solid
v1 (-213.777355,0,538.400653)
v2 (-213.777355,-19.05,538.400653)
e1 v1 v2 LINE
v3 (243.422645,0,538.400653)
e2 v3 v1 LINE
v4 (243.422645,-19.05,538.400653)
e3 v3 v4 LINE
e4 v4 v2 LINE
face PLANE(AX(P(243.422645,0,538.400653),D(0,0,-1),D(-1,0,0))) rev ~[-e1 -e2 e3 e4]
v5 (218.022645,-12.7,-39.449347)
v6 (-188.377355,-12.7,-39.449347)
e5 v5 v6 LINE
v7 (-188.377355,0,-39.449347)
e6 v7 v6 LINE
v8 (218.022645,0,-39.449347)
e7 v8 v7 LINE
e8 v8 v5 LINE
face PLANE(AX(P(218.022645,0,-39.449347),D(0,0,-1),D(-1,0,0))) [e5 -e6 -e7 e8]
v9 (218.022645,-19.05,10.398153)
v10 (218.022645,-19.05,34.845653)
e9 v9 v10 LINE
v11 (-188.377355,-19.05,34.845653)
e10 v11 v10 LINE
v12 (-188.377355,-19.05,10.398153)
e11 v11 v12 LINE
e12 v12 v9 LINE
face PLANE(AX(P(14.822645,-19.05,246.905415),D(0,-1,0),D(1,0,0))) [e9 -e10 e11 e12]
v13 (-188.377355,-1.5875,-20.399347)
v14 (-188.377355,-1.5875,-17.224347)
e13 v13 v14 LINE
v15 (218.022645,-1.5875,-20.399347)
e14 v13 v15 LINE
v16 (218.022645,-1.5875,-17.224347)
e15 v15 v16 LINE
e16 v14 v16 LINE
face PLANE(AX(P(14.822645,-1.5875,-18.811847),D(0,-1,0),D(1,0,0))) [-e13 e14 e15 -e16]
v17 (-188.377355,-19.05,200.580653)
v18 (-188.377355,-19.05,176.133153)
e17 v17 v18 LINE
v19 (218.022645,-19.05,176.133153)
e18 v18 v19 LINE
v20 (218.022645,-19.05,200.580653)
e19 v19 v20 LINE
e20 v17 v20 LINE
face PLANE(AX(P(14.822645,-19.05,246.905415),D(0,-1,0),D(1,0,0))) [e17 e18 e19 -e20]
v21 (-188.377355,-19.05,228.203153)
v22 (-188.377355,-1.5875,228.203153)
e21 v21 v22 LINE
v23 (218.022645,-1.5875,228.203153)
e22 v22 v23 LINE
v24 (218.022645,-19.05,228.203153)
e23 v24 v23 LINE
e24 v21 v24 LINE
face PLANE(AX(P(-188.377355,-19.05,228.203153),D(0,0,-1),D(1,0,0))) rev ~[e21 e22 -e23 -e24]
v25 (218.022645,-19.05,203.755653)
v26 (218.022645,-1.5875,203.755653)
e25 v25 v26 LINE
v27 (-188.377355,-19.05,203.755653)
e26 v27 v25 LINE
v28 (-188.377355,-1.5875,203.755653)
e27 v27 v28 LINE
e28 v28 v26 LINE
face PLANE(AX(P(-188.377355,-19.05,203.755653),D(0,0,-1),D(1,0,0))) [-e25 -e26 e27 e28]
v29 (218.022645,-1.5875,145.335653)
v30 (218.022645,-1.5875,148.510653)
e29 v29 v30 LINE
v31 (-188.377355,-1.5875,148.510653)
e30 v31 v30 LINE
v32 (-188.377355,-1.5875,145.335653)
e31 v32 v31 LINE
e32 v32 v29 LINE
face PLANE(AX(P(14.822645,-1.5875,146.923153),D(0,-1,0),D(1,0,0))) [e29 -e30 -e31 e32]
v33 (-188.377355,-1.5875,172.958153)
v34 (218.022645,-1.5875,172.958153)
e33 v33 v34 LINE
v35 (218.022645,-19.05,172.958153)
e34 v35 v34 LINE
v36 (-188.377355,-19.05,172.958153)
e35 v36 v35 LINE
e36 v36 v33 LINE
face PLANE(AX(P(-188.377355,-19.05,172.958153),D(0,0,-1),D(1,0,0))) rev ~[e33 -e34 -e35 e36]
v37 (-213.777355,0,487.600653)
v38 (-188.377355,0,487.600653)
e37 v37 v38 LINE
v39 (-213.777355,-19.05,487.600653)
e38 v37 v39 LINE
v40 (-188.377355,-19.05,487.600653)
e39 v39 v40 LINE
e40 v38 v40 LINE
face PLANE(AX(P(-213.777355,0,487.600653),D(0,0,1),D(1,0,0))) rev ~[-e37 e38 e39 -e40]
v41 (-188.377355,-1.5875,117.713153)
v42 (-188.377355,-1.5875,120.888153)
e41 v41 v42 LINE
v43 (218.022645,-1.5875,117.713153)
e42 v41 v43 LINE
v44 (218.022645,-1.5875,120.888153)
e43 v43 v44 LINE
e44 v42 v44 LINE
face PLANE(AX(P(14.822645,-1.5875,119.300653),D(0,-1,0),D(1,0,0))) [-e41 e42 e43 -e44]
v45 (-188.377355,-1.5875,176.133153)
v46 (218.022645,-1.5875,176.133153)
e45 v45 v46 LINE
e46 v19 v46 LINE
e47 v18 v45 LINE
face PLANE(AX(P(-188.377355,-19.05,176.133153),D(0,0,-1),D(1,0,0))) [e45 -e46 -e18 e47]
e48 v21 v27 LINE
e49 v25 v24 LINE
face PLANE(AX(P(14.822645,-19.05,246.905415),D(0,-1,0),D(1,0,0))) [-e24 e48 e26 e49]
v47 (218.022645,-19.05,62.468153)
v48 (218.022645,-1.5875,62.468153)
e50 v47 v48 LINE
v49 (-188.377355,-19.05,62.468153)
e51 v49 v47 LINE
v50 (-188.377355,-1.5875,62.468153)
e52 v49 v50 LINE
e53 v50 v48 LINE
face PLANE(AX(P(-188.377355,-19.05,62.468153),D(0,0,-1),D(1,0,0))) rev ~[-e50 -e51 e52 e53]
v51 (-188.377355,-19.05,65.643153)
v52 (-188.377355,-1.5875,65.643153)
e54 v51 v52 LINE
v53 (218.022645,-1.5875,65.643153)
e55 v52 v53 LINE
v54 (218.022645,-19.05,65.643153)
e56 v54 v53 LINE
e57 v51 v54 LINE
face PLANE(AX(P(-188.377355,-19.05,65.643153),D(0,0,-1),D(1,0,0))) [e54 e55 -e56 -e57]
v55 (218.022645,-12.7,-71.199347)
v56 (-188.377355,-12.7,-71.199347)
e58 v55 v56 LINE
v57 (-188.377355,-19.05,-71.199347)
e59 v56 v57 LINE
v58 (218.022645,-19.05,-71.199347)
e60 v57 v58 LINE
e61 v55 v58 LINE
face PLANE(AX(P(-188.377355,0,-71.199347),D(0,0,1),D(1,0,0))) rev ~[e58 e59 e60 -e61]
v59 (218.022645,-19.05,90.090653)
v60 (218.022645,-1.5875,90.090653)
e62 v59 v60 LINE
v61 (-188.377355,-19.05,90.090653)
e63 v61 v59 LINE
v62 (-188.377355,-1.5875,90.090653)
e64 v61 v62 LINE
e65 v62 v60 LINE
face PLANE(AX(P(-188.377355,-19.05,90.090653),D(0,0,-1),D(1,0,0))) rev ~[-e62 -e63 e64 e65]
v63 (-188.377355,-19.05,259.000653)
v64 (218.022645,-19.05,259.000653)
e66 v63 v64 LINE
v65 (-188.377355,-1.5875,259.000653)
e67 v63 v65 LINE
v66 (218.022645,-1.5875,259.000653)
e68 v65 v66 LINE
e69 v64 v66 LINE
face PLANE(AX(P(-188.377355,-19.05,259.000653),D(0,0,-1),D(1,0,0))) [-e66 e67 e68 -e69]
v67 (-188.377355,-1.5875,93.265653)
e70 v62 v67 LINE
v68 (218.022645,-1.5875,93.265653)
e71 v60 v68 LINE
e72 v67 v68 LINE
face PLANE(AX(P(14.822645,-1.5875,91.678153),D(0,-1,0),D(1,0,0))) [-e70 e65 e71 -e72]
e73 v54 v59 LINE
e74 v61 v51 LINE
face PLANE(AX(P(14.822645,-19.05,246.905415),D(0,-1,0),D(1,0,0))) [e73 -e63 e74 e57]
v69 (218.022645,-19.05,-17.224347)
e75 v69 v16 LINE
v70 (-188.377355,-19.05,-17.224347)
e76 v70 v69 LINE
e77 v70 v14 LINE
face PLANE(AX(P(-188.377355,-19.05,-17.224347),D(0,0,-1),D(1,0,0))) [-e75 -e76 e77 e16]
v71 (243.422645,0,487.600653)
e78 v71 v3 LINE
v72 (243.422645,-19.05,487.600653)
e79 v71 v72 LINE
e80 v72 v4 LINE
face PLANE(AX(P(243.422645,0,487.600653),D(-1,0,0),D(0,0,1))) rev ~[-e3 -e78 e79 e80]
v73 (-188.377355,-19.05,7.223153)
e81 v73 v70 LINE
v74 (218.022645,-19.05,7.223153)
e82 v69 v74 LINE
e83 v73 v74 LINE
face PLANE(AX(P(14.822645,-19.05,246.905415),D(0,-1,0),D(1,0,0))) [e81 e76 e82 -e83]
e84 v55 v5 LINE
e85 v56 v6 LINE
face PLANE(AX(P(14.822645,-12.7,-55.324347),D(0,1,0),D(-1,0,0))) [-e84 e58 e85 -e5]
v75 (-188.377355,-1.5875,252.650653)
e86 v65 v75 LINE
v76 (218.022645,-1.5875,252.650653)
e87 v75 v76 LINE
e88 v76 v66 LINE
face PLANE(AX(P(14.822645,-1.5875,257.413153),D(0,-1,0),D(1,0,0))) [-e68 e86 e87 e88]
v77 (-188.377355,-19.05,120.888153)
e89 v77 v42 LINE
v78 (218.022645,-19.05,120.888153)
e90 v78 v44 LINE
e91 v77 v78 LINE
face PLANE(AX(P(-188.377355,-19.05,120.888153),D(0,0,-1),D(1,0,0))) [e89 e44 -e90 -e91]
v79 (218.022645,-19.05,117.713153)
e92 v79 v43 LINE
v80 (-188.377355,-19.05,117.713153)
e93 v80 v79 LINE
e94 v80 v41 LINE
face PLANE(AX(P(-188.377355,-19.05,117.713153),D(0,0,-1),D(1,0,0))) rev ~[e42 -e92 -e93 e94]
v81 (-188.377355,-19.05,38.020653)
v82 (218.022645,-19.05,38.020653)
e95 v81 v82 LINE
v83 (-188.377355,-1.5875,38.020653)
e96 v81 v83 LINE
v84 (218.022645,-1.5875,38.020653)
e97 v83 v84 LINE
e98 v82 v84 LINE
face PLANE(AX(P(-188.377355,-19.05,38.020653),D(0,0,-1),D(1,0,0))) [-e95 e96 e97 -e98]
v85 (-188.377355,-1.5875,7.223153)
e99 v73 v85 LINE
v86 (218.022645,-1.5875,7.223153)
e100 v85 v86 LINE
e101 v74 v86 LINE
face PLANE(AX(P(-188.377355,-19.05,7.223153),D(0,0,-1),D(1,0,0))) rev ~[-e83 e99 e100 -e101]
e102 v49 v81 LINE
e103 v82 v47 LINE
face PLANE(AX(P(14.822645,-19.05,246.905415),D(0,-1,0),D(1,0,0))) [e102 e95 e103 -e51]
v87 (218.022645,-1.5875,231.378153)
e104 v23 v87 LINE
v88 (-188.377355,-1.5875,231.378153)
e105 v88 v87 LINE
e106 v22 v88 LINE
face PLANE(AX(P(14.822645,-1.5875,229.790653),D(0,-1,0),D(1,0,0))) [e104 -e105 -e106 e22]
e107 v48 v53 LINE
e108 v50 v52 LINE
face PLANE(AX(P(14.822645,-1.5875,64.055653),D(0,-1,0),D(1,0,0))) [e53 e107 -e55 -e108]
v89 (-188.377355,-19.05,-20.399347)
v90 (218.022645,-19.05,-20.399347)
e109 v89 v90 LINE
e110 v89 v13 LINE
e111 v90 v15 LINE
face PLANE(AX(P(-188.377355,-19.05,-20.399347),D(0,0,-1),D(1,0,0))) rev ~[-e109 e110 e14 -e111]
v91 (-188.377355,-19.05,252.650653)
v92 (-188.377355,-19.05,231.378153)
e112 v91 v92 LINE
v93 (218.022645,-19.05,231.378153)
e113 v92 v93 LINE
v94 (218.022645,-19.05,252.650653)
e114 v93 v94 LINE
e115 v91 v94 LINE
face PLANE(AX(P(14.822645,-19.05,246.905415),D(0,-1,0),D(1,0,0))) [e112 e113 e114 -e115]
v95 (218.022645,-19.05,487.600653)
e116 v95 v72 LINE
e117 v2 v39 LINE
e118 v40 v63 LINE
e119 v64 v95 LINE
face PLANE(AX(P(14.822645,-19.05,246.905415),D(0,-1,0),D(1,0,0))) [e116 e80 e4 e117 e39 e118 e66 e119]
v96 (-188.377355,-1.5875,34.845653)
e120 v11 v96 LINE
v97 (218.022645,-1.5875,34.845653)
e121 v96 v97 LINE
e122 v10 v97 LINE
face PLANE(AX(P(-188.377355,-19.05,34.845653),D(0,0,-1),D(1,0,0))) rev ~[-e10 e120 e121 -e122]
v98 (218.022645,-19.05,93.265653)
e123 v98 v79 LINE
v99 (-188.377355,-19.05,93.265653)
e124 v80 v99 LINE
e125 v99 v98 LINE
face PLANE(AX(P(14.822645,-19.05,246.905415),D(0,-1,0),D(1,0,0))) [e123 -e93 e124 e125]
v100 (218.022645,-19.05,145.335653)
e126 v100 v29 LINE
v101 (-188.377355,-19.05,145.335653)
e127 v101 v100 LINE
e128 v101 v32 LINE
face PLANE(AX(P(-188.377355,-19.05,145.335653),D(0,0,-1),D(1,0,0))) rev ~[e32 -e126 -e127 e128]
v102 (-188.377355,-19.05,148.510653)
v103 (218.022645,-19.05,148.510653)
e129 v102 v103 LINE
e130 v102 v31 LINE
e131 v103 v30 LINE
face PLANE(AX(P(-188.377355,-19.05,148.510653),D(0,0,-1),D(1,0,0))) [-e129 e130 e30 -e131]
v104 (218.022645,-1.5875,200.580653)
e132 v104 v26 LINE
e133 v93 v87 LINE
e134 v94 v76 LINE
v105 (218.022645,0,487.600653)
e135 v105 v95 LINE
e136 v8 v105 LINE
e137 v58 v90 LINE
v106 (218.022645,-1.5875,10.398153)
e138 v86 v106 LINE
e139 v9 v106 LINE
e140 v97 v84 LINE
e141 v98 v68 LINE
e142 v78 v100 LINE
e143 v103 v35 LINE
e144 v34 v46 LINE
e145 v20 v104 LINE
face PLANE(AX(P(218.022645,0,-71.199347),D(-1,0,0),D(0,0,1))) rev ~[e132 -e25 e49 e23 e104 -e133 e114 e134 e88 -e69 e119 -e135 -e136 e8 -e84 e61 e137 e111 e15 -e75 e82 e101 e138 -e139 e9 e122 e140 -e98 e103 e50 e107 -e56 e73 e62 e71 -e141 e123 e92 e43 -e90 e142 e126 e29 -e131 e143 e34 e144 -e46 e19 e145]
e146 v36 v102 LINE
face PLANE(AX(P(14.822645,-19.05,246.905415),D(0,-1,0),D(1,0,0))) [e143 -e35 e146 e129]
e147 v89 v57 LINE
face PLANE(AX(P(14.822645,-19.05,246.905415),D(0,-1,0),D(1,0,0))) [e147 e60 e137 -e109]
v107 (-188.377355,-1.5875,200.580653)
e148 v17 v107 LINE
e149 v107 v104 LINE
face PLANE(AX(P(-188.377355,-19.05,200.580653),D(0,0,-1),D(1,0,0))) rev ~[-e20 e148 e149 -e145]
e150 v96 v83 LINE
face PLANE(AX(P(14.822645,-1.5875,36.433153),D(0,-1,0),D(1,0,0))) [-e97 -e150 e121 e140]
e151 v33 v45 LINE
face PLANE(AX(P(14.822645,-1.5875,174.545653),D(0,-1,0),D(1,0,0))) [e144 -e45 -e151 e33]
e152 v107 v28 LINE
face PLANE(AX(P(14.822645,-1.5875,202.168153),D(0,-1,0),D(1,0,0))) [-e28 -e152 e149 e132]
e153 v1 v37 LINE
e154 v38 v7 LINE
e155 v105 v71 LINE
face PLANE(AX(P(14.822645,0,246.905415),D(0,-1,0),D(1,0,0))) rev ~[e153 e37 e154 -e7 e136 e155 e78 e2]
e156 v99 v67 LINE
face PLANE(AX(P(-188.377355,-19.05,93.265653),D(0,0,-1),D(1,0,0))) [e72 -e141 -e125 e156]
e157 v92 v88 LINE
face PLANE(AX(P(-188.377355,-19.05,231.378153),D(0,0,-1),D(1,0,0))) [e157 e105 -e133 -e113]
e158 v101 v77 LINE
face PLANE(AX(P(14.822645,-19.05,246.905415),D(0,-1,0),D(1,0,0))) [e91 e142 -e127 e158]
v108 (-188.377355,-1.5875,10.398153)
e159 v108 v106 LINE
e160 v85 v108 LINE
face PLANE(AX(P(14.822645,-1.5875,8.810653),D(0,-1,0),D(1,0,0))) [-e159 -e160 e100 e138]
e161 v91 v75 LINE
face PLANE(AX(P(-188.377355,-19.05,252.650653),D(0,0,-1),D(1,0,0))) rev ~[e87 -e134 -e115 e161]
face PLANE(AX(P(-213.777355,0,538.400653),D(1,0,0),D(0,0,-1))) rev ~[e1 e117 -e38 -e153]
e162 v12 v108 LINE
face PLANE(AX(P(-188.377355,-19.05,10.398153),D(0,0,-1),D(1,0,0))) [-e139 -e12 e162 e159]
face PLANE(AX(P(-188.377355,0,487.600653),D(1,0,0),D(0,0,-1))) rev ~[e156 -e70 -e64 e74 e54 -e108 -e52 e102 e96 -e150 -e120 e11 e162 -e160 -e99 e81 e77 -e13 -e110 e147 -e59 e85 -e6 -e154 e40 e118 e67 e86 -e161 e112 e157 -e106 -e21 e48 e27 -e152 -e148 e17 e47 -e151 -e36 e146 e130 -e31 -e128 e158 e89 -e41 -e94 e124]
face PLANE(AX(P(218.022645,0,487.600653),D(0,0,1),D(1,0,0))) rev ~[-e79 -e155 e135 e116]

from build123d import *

# Parameters (mm, degrees)
F1_DEPTH = 19.05
F2_W     = 406.4
F2_H     = 3.175
F3_DEPTH = 17.4625
F4_W     = 406.4
F4_H     = 31.75
F5_DEPTH = 12.7


with BuildPart() as f1:
    # F0 (on Front) → F1 (new body)
    with BuildSketch(Plane.XZ):
        Polygon((218.022645, -71.199347), (218.022645, 487.600653), (243.422645, 487.600653), (243.422645, 538.400653), (-213.777355, 538.400653), (-213.777355, 487.600653), (-188.377355, 487.600653), (-188.377355, -71.199347), align=None)
    extrude(amount=F1_DEPTH)

    # F2 (on face) → F3 (cut)
    with BuildSketch(Plane.XZ.offset(19.05)):
        with Locations((14.822645, 257.413153)):
            Rectangle(F2_W, F2_H)
        with Locations((14.822645, 229.790653)):
            Rectangle(F2_W, F2_H)
        with Locations((14.822645, 254.238153)):
            Rectangle(F2_W, F2_H)
        with Locations((14.822645, 202.168153)):
            Rectangle(F2_W, F2_H)
        with Locations((14.822645, 174.545653)):
            Rectangle(F2_W, F2_H)
        with Locations((14.822645, 146.923153)):
            Rectangle(F2_W, F2_H)
        with Locations((14.822645, 119.300653)):
            Rectangle(F2_W, F2_H)
        with Locations((14.822645, 91.678153)):
            Rectangle(F2_W, F2_H)
        with Locations((14.822645, 64.055653)):
            Rectangle(F2_W, F2_H)
        with Locations((14.822645, 36.433153)):
            Rectangle(F2_W, F2_H)
        with Locations((14.822645, 8.810653)):
            Rectangle(F2_W, F2_H)
        with Locations((14.822645, -18.811847)):
            Rectangle(F2_W, F2_H)
    extrude(amount=-F3_DEPTH, mode=Mode.SUBTRACT)

    # F4 (on face) → F5 (cut)
    with BuildSketch(Plane(origin=(0, 0, 0), x_dir=(-1, 0, 0), z_dir=(0, 1, 0))):
        with Locations((-14.822645, -55.324347)):
            Rectangle(F4_W, F4_H)
    extrude(amount=-F5_DEPTH, mode=Mode.SUBTRACT)


solid = f1.part
